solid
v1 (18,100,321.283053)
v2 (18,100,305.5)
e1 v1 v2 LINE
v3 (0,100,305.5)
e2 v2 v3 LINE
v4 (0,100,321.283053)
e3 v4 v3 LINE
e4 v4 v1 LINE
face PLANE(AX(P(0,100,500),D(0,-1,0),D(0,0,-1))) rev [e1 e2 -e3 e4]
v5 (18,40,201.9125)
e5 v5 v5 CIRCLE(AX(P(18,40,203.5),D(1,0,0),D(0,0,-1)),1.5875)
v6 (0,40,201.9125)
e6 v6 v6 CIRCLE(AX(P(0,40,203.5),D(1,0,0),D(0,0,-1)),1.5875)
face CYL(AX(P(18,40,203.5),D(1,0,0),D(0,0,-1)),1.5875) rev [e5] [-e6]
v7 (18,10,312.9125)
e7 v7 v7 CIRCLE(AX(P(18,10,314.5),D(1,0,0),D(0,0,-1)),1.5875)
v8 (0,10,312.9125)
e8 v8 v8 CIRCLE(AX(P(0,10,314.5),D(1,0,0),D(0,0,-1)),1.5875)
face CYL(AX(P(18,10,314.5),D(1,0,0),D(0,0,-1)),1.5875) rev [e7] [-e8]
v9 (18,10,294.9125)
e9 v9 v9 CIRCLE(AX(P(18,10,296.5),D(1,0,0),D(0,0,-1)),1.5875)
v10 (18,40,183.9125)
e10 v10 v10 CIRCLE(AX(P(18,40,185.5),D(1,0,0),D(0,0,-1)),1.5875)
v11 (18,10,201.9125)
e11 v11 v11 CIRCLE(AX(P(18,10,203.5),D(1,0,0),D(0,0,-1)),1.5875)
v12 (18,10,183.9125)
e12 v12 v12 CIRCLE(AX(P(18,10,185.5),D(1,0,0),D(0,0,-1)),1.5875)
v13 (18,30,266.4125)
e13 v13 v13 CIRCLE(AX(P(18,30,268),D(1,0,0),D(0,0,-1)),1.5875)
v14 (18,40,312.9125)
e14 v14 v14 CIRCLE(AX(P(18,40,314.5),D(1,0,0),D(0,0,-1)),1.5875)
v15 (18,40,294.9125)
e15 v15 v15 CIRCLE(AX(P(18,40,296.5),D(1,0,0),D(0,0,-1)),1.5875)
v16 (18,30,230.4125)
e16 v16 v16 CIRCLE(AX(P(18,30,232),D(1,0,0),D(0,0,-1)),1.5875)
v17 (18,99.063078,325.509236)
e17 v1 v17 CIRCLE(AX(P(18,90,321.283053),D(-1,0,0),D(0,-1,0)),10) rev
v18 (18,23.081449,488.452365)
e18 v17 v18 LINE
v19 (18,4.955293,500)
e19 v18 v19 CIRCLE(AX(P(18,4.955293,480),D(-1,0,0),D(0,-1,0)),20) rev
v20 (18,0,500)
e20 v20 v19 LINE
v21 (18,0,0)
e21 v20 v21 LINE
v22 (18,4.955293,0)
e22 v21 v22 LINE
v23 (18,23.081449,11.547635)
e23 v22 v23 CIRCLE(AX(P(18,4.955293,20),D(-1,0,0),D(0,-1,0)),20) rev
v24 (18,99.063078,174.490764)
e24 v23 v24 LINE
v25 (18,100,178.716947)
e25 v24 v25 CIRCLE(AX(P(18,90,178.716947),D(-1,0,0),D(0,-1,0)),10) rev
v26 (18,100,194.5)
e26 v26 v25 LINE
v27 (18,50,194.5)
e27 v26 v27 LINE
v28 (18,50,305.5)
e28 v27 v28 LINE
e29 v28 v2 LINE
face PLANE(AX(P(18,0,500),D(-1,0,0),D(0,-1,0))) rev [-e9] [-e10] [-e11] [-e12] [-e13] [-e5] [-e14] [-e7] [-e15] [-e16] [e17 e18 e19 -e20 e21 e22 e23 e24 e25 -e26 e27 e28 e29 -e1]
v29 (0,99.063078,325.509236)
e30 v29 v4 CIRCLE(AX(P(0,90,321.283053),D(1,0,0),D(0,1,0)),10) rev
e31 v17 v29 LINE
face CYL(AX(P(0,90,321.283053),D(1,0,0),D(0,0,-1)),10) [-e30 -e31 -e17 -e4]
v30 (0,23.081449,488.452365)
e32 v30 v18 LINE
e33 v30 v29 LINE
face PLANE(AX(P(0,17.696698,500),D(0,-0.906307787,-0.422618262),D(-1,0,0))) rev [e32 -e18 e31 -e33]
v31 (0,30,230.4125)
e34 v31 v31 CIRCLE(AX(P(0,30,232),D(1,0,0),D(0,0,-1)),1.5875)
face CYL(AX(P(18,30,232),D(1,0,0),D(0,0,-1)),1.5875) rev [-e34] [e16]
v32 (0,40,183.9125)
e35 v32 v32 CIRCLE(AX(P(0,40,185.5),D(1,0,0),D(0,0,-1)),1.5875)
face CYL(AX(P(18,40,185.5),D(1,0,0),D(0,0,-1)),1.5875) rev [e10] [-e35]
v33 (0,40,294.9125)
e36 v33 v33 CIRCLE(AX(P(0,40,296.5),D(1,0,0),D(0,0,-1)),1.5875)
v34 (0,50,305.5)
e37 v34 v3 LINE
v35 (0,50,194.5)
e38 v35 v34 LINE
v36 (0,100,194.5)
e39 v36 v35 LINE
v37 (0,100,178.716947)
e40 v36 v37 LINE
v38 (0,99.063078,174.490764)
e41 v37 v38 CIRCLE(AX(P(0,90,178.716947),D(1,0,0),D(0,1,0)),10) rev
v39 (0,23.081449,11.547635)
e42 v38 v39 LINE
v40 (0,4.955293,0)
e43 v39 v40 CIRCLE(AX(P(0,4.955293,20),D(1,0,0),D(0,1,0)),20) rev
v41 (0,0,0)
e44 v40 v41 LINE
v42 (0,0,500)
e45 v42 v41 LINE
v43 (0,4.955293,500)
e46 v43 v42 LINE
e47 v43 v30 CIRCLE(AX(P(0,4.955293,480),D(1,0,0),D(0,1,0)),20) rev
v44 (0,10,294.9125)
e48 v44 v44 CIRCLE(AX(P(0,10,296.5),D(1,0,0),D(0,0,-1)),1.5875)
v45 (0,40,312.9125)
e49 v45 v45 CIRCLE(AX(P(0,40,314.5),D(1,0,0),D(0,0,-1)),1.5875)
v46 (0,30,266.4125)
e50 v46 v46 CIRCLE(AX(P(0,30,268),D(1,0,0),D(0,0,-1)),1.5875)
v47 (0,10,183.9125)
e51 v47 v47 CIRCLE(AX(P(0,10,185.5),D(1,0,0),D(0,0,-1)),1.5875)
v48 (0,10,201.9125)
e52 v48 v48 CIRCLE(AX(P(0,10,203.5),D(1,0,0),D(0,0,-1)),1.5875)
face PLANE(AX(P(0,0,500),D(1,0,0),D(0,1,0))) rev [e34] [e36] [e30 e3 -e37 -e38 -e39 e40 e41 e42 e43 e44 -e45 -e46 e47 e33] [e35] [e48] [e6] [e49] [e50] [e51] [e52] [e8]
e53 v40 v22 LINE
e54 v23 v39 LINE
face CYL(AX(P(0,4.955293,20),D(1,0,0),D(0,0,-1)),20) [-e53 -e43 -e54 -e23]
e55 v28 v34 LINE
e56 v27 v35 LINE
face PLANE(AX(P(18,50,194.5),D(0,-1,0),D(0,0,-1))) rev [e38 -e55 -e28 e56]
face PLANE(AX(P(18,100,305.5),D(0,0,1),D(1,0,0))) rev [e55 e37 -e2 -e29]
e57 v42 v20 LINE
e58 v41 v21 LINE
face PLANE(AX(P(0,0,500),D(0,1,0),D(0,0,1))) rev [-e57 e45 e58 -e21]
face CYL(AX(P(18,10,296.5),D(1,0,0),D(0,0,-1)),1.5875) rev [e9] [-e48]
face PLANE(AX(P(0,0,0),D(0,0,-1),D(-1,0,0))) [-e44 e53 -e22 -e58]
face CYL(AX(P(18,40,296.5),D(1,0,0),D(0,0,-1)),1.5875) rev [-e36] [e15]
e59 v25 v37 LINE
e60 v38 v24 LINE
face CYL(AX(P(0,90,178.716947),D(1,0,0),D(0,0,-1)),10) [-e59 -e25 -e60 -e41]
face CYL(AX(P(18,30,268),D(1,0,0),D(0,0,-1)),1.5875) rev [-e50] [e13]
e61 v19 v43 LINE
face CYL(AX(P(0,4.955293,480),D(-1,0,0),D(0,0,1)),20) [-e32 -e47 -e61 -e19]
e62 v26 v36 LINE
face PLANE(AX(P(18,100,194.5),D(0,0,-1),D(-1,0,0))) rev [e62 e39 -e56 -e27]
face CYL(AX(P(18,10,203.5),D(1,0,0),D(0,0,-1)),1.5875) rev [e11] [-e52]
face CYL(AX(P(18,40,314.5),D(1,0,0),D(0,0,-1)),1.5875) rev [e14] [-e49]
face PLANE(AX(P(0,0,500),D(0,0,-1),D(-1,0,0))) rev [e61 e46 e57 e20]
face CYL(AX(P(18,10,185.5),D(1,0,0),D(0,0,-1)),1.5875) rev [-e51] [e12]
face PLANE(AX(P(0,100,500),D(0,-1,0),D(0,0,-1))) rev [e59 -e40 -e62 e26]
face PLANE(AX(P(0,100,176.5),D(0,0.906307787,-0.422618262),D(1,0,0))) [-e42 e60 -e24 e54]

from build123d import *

# Parameters (mm, degrees)
SKETCH1_W                                  = 18
SKETCH1_H                                  = 100
BASE_DEPTH                                 = 500
SKETCH2_W                                  = 111
SKETCH2_H                                  = 50
LAP_JOINT_CUTOUT_DEPTH                     = 511.219560582
LAP_JOINT_BOLT_HOLE_PATTERN_D              = 3.175
CHAMFER_FRONT_SIZE                         = 176.5
CHAMFER_FRONT_SIZE2                        = 82.303301664
CHAMFER_REAR_SIZE                          = 176.5
CHAMFER_REAR_SIZE2                         = 82.303301664
BREAK_CHAMFER_OUTER_CORNERS_R              = 20
CROSS_TIE_BOLT_HOLE_PATTERN_D              = 3.175
FILLET1_R                                  = 10
FLOATING_BEARING_BLOCK_BOLT_HOLE_PATTERN_D = 3.175


with BuildPart() as part:
    # Sketch1 → base (new body)
    with BuildSketch(Plane.XY):
        with Locations((9, 50)):
            Rectangle(SKETCH1_W, SKETCH1_H)
    extrude(amount=BASE_DEPTH)

    # Sketch2 → lap joint cutout (cut, through all)
    with BuildSketch(Plane.ZY):
        with Locations((250, 75)):
            Rectangle(SKETCH2_W, SKETCH2_H)
    extrude(amount=-LAP_JOINT_CUTOUT_DEPTH, mode=Mode.SUBTRACT)

    # lap joint bolt hole pattern (through all)
    with Locations(Plane(origin=(18, 0, 0), x_dir=(0, 0, -1), z_dir=(1, 0, 0))):
        with Locations((-296.5, 40), (-203.5, 10), (-296.5, 10), (-203.5, 40)):
            Hole(LAP_JOINT_BOLT_HOLE_PATTERN_D / 2)

    # chamfer front
    chamfer_front_edges = [part.edges().sort_by_distance(p)[0] for p in [
        (9, 100, 0),
    ]]
    chamfer_front_side = [part.faces().sort_by_distance(p)[0] for p in [
        (9, 100, 97.25),
    ]]
    chamfer(chamfer_front_edges, length=CHAMFER_FRONT_SIZE, length2=CHAMFER_FRONT_SIZE2, reference=chamfer_front_side[0])

    # chamfer rear
    chamfer_rear_edges = [part.edges().sort_by_distance(p)[0] for p in [
        (9, 100, 500),
    ]]
    chamfer_rear_side = [part.faces().sort_by_distance(p)[0] for p in [
        (9, 100, 402.75),
    ]]
    chamfer(chamfer_rear_edges, length=CHAMFER_REAR_SIZE, length2=CHAMFER_REAR_SIZE2, reference=chamfer_rear_side[0])

    # break chamfer outer corners
    break_chamfer_outer_corners_edges = [part.edges().sort_by_distance(p)[0] for p in [
        (9, 17.696698336, 0),
        (9, 17.696698336, 500),
    ]]
    fillet(break_chamfer_outer_corners_edges, radius=BREAK_CHAMFER_OUTER_CORNERS_R)

    # cross tie bolt hole pattern (through all)
    with Locations(Plane(origin=(18, 0, 0), x_dir=(0, 0, -1), z_dir=(1, 0, 0))):
        with Locations((-314.5, 40), (-314.5, 10)):
            cross_tie_bolt_hole_pattern = Hole(CROSS_TIE_BOLT_HOLE_PATTERN_D / 2)

    # mirror cross tie bolt hole pattern: cross tie bolt hole pattern across plane
    add(cross_tie_bolt_hole_pattern.mirror(Plane(origin=(0, 0, 250), x_dir=(1, 0, 0), z_dir=(0, 0, -1))), mode=Mode.SUBTRACT)

    # Fillet1
    fillet1_edges = [part.edges().sort_by_distance(p)[0] for p in [
        (9, 100, 176.5),
        (9, 100, 323.5),
    ]]
    fillet(fillet1_edges, radius=FILLET1_R)

    # floating bearing block bolt hole pattern (through all)
    with Locations(Plane(origin=(18, 0, 0), x_dir=(0, 0, -1), z_dir=(1, 0, 0))):
        with Locations((-268, 30), (-232, 30)):
            Hole(FLOATING_BEARING_BLOCK_BOLT_HOLE_PATTERN_D / 2)


solid = part.part
